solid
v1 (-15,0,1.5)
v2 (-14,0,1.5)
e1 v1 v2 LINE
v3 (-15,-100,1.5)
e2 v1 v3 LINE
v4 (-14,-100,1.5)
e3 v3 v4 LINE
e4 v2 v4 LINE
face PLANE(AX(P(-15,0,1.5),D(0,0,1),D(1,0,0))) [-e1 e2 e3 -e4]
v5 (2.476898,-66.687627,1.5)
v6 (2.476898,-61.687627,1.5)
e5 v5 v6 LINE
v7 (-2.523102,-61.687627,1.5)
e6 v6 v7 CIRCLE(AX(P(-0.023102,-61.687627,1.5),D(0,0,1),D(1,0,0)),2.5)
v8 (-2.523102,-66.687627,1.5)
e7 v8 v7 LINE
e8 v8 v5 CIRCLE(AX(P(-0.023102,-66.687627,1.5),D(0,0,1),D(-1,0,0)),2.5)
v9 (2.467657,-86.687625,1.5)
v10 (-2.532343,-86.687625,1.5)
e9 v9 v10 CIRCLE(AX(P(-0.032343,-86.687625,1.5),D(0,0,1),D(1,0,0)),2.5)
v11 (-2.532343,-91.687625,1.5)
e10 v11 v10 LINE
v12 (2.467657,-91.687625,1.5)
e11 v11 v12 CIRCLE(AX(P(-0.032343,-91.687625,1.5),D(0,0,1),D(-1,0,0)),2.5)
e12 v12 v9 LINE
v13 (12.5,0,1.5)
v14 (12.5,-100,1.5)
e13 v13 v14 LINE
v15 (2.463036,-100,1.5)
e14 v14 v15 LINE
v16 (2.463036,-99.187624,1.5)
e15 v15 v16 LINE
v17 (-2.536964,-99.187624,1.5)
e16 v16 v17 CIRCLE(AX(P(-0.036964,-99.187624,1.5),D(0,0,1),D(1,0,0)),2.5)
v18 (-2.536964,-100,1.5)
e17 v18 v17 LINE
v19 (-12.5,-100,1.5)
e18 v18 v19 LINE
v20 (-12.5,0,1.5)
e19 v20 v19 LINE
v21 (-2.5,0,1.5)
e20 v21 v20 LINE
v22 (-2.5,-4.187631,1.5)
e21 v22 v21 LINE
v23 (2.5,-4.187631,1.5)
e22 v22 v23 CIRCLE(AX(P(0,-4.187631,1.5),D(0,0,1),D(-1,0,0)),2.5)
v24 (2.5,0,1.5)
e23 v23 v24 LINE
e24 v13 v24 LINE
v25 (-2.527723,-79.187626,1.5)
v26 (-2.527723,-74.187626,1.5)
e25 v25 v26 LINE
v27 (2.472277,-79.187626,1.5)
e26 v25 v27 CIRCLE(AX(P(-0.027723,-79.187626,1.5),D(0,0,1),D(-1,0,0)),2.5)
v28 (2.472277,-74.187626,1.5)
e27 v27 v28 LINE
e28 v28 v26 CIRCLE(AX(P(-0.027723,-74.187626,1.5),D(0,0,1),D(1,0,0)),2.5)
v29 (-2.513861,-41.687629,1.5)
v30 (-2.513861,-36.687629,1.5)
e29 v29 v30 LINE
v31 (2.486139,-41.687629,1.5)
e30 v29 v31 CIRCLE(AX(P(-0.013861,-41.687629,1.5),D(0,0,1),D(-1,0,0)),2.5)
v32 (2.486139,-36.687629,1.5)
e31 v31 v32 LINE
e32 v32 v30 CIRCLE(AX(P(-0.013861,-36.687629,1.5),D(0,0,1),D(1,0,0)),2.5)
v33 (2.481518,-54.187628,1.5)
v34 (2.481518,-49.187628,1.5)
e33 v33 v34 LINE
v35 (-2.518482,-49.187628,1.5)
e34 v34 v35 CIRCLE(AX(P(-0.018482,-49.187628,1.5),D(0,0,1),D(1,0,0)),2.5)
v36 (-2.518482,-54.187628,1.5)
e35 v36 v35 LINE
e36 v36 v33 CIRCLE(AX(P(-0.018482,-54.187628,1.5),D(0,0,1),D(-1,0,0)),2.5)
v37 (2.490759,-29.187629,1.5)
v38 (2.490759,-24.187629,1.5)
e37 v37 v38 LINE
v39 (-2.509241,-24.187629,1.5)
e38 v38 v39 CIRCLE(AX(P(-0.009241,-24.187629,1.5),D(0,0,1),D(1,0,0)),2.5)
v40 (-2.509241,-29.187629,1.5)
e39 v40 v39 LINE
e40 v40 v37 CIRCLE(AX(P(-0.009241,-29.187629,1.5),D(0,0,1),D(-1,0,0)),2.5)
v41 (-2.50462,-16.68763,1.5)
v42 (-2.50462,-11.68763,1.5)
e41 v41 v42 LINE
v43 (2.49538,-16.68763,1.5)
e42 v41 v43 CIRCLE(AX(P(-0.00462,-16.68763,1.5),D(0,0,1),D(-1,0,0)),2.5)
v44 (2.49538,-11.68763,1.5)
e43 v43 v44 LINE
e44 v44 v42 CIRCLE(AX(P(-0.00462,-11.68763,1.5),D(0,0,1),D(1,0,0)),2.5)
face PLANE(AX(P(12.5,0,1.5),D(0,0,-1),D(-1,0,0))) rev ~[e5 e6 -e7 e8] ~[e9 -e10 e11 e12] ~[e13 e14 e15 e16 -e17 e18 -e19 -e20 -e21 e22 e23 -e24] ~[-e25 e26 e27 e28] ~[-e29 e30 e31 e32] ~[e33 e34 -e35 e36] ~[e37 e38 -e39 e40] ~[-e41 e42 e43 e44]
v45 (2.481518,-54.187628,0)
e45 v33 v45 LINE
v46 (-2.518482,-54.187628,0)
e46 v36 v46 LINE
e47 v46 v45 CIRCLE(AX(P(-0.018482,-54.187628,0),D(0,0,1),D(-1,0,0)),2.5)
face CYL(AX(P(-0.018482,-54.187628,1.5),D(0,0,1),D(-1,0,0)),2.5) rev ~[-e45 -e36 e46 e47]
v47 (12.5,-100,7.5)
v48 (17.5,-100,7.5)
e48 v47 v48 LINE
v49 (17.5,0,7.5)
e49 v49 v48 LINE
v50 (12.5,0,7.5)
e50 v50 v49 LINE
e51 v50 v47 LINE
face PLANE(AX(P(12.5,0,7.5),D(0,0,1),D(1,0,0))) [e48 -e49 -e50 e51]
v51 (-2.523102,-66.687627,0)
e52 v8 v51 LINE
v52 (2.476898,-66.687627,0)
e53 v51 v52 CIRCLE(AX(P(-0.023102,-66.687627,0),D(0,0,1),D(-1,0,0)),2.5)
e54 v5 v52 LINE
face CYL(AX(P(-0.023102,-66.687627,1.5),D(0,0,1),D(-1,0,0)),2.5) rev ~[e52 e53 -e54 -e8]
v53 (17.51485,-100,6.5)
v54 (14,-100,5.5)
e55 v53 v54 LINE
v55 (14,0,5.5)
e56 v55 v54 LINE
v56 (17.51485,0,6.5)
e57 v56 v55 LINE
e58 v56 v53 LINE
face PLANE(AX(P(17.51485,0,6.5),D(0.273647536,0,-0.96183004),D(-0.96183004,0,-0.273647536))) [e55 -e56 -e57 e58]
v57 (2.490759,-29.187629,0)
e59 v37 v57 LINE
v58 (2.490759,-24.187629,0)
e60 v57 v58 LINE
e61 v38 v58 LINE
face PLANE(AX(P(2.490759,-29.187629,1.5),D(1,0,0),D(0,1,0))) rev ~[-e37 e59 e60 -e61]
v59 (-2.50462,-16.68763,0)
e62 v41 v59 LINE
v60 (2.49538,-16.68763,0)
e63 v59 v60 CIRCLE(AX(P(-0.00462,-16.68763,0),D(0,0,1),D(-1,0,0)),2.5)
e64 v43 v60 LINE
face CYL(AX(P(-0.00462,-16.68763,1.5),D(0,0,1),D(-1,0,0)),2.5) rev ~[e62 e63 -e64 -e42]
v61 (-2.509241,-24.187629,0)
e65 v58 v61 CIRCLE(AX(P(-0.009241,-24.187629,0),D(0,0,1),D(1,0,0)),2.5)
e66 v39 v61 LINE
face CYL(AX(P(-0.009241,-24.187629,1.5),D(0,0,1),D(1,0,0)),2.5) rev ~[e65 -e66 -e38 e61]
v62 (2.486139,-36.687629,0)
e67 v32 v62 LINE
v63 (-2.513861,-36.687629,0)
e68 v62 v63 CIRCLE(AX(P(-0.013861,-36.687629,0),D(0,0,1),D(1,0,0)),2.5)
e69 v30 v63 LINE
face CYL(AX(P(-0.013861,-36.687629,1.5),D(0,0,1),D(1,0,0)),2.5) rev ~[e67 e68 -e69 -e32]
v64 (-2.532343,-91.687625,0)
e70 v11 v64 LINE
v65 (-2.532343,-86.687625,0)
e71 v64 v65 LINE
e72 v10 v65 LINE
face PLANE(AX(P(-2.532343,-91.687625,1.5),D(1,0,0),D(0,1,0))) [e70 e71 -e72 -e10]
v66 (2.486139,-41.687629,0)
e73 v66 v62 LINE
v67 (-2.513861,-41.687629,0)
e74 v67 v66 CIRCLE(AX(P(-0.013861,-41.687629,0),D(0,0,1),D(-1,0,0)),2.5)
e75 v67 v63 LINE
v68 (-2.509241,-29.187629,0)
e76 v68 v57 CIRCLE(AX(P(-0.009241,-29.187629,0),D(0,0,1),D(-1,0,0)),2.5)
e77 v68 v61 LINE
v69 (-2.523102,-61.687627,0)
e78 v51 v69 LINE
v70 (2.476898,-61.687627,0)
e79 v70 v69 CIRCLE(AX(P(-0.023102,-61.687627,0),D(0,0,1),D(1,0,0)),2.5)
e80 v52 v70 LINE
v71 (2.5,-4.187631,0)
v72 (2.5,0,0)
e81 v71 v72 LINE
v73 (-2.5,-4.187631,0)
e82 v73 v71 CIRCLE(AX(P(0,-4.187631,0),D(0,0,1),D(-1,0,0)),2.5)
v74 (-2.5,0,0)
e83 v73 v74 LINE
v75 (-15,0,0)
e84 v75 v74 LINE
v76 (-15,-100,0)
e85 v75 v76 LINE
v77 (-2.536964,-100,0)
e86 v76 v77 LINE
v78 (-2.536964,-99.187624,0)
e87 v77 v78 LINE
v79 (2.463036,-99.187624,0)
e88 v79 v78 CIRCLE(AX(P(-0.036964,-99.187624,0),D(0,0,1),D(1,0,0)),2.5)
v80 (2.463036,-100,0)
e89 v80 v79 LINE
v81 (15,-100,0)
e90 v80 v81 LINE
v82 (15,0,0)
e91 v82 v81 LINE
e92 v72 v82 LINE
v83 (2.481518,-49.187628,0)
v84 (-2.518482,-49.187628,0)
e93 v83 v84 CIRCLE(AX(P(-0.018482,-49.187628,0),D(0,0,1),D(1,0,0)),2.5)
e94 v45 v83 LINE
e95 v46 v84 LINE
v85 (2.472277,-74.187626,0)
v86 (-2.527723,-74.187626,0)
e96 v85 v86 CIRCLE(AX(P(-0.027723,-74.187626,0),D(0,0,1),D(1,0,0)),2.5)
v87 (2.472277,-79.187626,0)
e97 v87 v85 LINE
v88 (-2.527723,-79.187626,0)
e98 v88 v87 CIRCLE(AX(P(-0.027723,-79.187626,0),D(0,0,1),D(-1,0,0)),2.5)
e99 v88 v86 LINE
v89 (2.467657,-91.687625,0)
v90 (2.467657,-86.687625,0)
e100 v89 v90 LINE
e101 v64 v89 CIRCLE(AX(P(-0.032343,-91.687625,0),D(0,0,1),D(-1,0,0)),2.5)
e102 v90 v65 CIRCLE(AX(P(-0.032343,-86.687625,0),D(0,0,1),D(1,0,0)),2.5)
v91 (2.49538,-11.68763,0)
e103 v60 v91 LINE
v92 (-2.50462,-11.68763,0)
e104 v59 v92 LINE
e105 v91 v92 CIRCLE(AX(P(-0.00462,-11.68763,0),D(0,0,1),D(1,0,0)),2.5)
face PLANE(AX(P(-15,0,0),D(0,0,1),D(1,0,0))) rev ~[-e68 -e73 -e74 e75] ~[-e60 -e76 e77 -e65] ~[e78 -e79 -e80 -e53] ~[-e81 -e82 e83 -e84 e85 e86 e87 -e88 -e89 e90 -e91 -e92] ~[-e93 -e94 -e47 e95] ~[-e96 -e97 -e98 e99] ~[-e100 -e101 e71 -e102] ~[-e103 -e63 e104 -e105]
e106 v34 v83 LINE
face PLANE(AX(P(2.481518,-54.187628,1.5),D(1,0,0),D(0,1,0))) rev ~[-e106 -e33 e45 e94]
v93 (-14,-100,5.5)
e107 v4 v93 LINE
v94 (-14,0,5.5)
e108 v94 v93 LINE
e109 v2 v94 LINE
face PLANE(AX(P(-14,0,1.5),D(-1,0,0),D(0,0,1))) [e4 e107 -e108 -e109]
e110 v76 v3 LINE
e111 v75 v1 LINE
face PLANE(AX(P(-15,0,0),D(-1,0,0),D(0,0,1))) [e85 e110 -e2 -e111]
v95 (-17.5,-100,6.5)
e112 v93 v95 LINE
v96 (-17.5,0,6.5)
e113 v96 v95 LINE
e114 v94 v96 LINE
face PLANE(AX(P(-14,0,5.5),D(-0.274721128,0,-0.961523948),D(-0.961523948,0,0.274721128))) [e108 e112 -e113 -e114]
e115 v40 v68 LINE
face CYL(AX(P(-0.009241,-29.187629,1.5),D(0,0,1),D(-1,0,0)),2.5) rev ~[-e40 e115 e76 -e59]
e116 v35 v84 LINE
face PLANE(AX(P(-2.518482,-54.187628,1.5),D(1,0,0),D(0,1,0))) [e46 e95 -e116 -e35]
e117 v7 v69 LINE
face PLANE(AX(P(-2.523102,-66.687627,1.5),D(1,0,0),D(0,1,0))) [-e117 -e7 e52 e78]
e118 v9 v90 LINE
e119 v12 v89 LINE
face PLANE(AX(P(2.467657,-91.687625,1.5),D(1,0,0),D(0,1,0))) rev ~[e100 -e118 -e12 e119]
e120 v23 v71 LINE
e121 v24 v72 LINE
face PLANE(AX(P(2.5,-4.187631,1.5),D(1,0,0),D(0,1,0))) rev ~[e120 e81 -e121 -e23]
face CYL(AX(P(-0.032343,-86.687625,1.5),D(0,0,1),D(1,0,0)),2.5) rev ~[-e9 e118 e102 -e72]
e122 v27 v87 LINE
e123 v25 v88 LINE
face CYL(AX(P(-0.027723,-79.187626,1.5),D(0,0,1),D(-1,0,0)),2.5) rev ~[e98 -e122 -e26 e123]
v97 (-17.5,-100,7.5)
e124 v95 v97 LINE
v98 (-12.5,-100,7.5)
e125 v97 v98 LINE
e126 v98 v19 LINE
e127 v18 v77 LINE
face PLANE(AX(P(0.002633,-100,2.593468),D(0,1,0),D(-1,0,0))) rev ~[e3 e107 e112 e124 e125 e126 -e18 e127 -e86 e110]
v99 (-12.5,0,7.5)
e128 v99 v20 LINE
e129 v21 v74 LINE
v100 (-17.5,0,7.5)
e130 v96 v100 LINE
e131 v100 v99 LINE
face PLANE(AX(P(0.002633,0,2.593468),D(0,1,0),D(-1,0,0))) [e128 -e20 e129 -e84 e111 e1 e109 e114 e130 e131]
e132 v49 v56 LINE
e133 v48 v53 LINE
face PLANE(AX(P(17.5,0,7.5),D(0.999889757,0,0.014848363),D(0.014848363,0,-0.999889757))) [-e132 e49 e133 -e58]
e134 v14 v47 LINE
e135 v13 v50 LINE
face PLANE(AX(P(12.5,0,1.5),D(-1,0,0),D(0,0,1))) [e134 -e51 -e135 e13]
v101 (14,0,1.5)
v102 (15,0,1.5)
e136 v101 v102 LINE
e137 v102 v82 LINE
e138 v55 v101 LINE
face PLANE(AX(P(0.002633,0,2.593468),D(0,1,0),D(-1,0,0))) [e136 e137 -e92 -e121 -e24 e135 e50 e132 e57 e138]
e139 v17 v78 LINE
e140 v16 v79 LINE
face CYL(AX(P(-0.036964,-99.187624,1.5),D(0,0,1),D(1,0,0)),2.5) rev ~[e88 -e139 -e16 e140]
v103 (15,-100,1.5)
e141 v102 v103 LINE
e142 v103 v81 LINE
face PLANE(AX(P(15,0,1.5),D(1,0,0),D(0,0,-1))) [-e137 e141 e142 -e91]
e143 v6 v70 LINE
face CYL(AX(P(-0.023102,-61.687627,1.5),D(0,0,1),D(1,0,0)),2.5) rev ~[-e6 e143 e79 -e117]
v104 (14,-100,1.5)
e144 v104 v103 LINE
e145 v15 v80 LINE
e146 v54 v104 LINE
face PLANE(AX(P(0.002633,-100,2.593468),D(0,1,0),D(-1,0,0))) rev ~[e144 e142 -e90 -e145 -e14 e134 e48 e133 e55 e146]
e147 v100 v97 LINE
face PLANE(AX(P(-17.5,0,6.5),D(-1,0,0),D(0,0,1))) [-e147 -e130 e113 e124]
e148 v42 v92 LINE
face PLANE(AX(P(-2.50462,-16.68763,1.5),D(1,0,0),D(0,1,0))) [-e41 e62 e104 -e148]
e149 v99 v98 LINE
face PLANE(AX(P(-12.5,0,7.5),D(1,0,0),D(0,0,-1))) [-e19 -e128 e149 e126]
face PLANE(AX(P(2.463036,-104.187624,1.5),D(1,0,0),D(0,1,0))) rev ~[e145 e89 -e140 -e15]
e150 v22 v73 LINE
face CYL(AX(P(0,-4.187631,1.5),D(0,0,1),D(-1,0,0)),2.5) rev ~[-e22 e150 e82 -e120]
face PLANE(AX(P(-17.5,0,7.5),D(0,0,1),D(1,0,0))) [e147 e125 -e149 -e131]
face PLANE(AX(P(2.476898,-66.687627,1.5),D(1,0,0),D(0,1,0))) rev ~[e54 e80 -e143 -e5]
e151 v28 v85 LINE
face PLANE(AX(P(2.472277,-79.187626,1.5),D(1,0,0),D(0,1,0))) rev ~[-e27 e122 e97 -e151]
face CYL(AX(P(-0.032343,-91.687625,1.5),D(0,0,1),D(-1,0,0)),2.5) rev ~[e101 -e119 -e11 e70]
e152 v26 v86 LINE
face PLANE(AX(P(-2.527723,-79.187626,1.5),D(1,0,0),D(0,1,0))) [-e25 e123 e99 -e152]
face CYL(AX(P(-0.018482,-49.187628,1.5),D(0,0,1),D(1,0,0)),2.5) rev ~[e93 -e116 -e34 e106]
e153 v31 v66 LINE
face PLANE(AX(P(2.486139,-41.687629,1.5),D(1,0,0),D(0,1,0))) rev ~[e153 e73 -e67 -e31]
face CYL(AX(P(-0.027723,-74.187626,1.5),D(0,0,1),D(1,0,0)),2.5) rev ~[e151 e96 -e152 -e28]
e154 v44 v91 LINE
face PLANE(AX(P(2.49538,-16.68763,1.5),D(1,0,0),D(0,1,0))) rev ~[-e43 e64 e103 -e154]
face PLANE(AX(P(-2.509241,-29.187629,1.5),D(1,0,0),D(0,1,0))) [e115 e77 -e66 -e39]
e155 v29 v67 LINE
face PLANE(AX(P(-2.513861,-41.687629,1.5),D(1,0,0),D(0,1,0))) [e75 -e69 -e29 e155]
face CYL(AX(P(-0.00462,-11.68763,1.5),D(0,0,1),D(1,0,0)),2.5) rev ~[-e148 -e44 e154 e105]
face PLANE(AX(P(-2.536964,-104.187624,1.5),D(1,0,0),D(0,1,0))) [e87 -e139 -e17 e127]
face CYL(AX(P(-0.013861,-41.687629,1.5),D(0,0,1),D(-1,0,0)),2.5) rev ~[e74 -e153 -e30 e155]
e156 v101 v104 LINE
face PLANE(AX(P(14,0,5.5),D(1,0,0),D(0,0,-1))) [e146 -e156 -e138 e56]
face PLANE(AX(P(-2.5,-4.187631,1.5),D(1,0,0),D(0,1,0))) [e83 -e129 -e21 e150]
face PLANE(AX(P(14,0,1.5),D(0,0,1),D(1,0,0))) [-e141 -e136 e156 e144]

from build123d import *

# Parameters (mm, degrees)
PAD_DEPTH       = 100
POCKET_DEPTH    = 2
POCKET001_DEPTH = 3


with BuildPart() as part:
    # Sketch → Pad (new body)
    with BuildSketch(Plane.XZ):
        Polygon((0, 0), (-15, 0), (-15, 1.5), (-14, 1.5), (-14, 5.5), (-17.5, 6.5), (-17.5, 7.5), (-12.5, 7.5), (-12.5, 1.5), (0, 1.5), (12.5, 1.5), (12.5, 7.5), (17.5, 7.5), (17.51485, 6.5), (14, 5.5), (14, 1.5), (15, 1.5), (15, 0), align=None)
    extrude(amount=PAD_DEPTH)

    # Sketch001 (on Face10 of Pad) → Pocket (cut)
    with BuildSketch(Plane(origin=(0, 0, 1.5), x_dir=(-1, 0, 0), z_dir=(0, 0, 1))):
        with BuildLine():
            ThreePointArc((2.5, 4.187631), (0, 6.687631), (-2.5, 4.187631))
            Line((-2.5, 4.187631), (-2.5, -0.812369))
            ThreePointArc((-2.5, -0.812369), (0, -3.312369), (2.5, -0.812369))
            Line((2.5, 4.187631), (2.5, -0.812369))
        make_face()
        with BuildLine():
            ThreePointArc((2.50462, 16.68763), (0.00462, 19.18763), (-2.49538, 16.68763))
            Line((-2.49538, 16.68763), (-2.49538, 11.68763))
            ThreePointArc((-2.49538, 11.68763), (0.00462, 9.18763), (2.50462, 11.68763))
            Line((2.50462, 16.68763), (2.50462, 11.68763))
        make_face()
        with BuildLine():
            ThreePointArc((2.509241, 29.187629), (0.009241, 31.687629), (-2.490759, 29.187629))
            Line((-2.490759, 29.187629), (-2.490759, 24.187629))
            ThreePointArc((-2.490759, 24.187629), (0.009241, 21.687629), (2.509241, 24.187629))
            Line((2.509241, 29.187629), (2.509241, 24.187629))
        make_face()
        with BuildLine():
            ThreePointArc((2.513861, 41.687629), (0.013861, 44.187629), (-2.486139, 41.687629))
            Line((-2.486139, 41.687629), (-2.486139, 36.687629))
            ThreePointArc((-2.486139, 36.687629), (0.013861, 34.187629), (2.513861, 36.687629))
            Line((2.513861, 41.687629), (2.513861, 36.687629))
        make_face()
        with BuildLine():
            ThreePointArc((2.518482, 54.187628), (0.018482, 56.687628), (-2.481518, 54.187628))
            Line((-2.481518, 54.187628), (-2.481518, 49.187628))
            ThreePointArc((-2.481518, 49.187628), (0.018482, 46.687628), (2.518482, 49.187628))
            Line((2.518482, 54.187628), (2.518482, 49.187628))
        make_face()
        with BuildLine():
            ThreePointArc((2.523102, 66.687627), (0.023102, 69.187627), (-2.476898, 66.687627))
            Line((-2.476898, 66.687627), (-2.476898, 61.687627))
            ThreePointArc((-2.476898, 61.687627), (0.023102, 59.187627), (2.523102, 61.687627))
            Line((2.523102, 66.687627), (2.523102, 61.687627))
        make_face()
        with BuildLine():
            ThreePointArc((2.527723, 79.187626), (0.027723, 81.687626), (-2.472277, 79.187626))
            Line((-2.472277, 79.187626), (-2.472277, 74.187626))
            ThreePointArc((-2.472277, 74.187626), (0.027723, 71.687626), (2.527723, 74.187626))
            Line((2.527723, 79.187626), (2.527723, 74.187626))
        make_face()
        with BuildLine():
            ThreePointArc((2.532343, 91.687625), (0.032343, 94.187625), (-2.467657, 91.687625))
            Line((-2.467657, 91.687625), (-2.467657, 86.687625))
            ThreePointArc((-2.467657, 86.687625), (0.032343, 84.187625), (2.532343, 86.687625))
            Line((2.532343, 91.687625), (2.532343, 86.687625))
        make_face()
        with BuildLine():
            ThreePointArc((2.536964, 104.187624), (0.036964, 106.687624), (-2.463036, 104.187624))
            Line((-2.463036, 104.187624), (-2.463036, 99.187624))
            ThreePointArc((-2.463036, 99.187624), (0.036964, 96.687624), (2.536964, 99.187624))
            Line((2.536964, 104.187624), (2.536964, 99.187624))
        make_face()
        with BuildLine():
            ThreePointArc((2.541584, 116.687623), (0.041584, 119.187623), (-2.458416, 116.687623))
            Line((-2.458416, 116.687623), (-2.458416, 111.687623))
            ThreePointArc((-2.458416, 111.687623), (0.041584, 109.187623), (2.541584, 111.687623))
            Line((2.541584, 116.687623), (2.541584, 111.687623))
        make_face()
    extrude(amount=-POCKET_DEPTH, mode=Mode.SUBTRACT)

    # Sketch001 (on Face10 of Pad) → Pocket001 (cut)
    with BuildSketch(Plane(origin=(0, 0, 1.5), x_dir=(-1, 0, 0), z_dir=(0, 0, 1))):
        with BuildLine():
            ThreePointArc((2.5, 4.187631), (0, 6.687631), (-2.5, 4.187631))
            Line((-2.5, 4.187631), (-2.5, -0.812369))
            ThreePointArc((-2.5, -0.812369), (0, -3.312369), (2.5, -0.812369))
            Line((2.5, 4.187631), (2.5, -0.812369))
        make_face()
        with BuildLine():
            ThreePointArc((2.50462, 16.68763), (0.00462, 19.18763), (-2.49538, 16.68763))
            Line((-2.49538, 16.68763), (-2.49538, 11.68763))
            ThreePointArc((-2.49538, 11.68763), (0.00462, 9.18763), (2.50462, 11.68763))
            Line((2.50462, 16.68763), (2.50462, 11.68763))
        make_face()
        with BuildLine():
            ThreePointArc((2.509241, 29.187629), (0.009241, 31.687629), (-2.490759, 29.187629))
            Line((-2.490759, 29.187629), (-2.490759, 24.187629))
            ThreePointArc((-2.490759, 24.187629), (0.009241, 21.687629), (2.509241, 24.187629))
            Line((2.509241, 29.187629), (2.509241, 24.187629))
        make_face()
        with BuildLine():
            ThreePointArc((2.513861, 41.687629), (0.013861, 44.187629), (-2.486139, 41.687629))
            Line((-2.486139, 41.687629), (-2.486139, 36.687629))
            ThreePointArc((-2.486139, 36.687629), (0.013861, 34.187629), (2.513861, 36.687629))
            Line((2.513861, 41.687629), (2.513861, 36.687629))
        make_face()
        with BuildLine():
            ThreePointArc((2.518482, 54.187628), (0.018482, 56.687628), (-2.481518, 54.187628))
            Line((-2.481518, 54.187628), (-2.481518, 49.187628))
            ThreePointArc((-2.481518, 49.187628), (0.018482, 46.687628), (2.518482, 49.187628))
            Line((2.518482, 54.187628), (2.518482, 49.187628))
        make_face()
        with BuildLine():
            ThreePointArc((2.523102, 66.687627), (0.023102, 69.187627), (-2.476898, 66.687627))
            Line((-2.476898, 66.687627), (-2.476898, 61.687627))
            ThreePointArc((-2.476898, 61.687627), (0.023102, 59.187627), (2.523102, 61.687627))
            Line((2.523102, 66.687627), (2.523102, 61.687627))
        make_face()
        with BuildLine():
            ThreePointArc((2.527723, 79.187626), (0.027723, 81.687626), (-2.472277, 79.187626))
            Line((-2.472277, 79.187626), (-2.472277, 74.187626))
            ThreePointArc((-2.472277, 74.187626), (0.027723, 71.687626), (2.527723, 74.187626))
            Line((2.527723, 79.187626), (2.527723, 74.187626))
        make_face()
        with BuildLine():
            ThreePointArc((2.532343, 91.687625), (0.032343, 94.187625), (-2.467657, 91.687625))
            Line((-2.467657, 91.687625), (-2.467657, 86.687625))
            ThreePointArc((-2.467657, 86.687625), (0.032343, 84.187625), (2.532343, 86.687625))
            Line((2.532343, 91.687625), (2.532343, 86.687625))
        make_face()
        with BuildLine():
            ThreePointArc((2.536964, 104.187624), (0.036964, 106.687624), (-2.463036, 104.187624))
            Line((-2.463036, 104.187624), (-2.463036, 99.187624))
            ThreePointArc((-2.463036, 99.187624), (0.036964, 96.687624), (2.536964, 99.187624))
            Line((2.536964, 104.187624), (2.536964, 99.187624))
        make_face()
        with BuildLine():
            ThreePointArc((2.541584, 116.687623), (0.041584, 119.187623), (-2.458416, 116.687623))
            Line((-2.458416, 116.687623), (-2.458416, 111.687623))
            ThreePointArc((-2.458416, 111.687623), (0.041584, 109.187623), (2.541584, 111.687623))
            Line((2.541584, 116.687623), (2.541584, 111.687623))
        make_face()
    extrude(amount=-POCKET001_DEPTH, mode=Mode.SUBTRACT)


solid = part.part
